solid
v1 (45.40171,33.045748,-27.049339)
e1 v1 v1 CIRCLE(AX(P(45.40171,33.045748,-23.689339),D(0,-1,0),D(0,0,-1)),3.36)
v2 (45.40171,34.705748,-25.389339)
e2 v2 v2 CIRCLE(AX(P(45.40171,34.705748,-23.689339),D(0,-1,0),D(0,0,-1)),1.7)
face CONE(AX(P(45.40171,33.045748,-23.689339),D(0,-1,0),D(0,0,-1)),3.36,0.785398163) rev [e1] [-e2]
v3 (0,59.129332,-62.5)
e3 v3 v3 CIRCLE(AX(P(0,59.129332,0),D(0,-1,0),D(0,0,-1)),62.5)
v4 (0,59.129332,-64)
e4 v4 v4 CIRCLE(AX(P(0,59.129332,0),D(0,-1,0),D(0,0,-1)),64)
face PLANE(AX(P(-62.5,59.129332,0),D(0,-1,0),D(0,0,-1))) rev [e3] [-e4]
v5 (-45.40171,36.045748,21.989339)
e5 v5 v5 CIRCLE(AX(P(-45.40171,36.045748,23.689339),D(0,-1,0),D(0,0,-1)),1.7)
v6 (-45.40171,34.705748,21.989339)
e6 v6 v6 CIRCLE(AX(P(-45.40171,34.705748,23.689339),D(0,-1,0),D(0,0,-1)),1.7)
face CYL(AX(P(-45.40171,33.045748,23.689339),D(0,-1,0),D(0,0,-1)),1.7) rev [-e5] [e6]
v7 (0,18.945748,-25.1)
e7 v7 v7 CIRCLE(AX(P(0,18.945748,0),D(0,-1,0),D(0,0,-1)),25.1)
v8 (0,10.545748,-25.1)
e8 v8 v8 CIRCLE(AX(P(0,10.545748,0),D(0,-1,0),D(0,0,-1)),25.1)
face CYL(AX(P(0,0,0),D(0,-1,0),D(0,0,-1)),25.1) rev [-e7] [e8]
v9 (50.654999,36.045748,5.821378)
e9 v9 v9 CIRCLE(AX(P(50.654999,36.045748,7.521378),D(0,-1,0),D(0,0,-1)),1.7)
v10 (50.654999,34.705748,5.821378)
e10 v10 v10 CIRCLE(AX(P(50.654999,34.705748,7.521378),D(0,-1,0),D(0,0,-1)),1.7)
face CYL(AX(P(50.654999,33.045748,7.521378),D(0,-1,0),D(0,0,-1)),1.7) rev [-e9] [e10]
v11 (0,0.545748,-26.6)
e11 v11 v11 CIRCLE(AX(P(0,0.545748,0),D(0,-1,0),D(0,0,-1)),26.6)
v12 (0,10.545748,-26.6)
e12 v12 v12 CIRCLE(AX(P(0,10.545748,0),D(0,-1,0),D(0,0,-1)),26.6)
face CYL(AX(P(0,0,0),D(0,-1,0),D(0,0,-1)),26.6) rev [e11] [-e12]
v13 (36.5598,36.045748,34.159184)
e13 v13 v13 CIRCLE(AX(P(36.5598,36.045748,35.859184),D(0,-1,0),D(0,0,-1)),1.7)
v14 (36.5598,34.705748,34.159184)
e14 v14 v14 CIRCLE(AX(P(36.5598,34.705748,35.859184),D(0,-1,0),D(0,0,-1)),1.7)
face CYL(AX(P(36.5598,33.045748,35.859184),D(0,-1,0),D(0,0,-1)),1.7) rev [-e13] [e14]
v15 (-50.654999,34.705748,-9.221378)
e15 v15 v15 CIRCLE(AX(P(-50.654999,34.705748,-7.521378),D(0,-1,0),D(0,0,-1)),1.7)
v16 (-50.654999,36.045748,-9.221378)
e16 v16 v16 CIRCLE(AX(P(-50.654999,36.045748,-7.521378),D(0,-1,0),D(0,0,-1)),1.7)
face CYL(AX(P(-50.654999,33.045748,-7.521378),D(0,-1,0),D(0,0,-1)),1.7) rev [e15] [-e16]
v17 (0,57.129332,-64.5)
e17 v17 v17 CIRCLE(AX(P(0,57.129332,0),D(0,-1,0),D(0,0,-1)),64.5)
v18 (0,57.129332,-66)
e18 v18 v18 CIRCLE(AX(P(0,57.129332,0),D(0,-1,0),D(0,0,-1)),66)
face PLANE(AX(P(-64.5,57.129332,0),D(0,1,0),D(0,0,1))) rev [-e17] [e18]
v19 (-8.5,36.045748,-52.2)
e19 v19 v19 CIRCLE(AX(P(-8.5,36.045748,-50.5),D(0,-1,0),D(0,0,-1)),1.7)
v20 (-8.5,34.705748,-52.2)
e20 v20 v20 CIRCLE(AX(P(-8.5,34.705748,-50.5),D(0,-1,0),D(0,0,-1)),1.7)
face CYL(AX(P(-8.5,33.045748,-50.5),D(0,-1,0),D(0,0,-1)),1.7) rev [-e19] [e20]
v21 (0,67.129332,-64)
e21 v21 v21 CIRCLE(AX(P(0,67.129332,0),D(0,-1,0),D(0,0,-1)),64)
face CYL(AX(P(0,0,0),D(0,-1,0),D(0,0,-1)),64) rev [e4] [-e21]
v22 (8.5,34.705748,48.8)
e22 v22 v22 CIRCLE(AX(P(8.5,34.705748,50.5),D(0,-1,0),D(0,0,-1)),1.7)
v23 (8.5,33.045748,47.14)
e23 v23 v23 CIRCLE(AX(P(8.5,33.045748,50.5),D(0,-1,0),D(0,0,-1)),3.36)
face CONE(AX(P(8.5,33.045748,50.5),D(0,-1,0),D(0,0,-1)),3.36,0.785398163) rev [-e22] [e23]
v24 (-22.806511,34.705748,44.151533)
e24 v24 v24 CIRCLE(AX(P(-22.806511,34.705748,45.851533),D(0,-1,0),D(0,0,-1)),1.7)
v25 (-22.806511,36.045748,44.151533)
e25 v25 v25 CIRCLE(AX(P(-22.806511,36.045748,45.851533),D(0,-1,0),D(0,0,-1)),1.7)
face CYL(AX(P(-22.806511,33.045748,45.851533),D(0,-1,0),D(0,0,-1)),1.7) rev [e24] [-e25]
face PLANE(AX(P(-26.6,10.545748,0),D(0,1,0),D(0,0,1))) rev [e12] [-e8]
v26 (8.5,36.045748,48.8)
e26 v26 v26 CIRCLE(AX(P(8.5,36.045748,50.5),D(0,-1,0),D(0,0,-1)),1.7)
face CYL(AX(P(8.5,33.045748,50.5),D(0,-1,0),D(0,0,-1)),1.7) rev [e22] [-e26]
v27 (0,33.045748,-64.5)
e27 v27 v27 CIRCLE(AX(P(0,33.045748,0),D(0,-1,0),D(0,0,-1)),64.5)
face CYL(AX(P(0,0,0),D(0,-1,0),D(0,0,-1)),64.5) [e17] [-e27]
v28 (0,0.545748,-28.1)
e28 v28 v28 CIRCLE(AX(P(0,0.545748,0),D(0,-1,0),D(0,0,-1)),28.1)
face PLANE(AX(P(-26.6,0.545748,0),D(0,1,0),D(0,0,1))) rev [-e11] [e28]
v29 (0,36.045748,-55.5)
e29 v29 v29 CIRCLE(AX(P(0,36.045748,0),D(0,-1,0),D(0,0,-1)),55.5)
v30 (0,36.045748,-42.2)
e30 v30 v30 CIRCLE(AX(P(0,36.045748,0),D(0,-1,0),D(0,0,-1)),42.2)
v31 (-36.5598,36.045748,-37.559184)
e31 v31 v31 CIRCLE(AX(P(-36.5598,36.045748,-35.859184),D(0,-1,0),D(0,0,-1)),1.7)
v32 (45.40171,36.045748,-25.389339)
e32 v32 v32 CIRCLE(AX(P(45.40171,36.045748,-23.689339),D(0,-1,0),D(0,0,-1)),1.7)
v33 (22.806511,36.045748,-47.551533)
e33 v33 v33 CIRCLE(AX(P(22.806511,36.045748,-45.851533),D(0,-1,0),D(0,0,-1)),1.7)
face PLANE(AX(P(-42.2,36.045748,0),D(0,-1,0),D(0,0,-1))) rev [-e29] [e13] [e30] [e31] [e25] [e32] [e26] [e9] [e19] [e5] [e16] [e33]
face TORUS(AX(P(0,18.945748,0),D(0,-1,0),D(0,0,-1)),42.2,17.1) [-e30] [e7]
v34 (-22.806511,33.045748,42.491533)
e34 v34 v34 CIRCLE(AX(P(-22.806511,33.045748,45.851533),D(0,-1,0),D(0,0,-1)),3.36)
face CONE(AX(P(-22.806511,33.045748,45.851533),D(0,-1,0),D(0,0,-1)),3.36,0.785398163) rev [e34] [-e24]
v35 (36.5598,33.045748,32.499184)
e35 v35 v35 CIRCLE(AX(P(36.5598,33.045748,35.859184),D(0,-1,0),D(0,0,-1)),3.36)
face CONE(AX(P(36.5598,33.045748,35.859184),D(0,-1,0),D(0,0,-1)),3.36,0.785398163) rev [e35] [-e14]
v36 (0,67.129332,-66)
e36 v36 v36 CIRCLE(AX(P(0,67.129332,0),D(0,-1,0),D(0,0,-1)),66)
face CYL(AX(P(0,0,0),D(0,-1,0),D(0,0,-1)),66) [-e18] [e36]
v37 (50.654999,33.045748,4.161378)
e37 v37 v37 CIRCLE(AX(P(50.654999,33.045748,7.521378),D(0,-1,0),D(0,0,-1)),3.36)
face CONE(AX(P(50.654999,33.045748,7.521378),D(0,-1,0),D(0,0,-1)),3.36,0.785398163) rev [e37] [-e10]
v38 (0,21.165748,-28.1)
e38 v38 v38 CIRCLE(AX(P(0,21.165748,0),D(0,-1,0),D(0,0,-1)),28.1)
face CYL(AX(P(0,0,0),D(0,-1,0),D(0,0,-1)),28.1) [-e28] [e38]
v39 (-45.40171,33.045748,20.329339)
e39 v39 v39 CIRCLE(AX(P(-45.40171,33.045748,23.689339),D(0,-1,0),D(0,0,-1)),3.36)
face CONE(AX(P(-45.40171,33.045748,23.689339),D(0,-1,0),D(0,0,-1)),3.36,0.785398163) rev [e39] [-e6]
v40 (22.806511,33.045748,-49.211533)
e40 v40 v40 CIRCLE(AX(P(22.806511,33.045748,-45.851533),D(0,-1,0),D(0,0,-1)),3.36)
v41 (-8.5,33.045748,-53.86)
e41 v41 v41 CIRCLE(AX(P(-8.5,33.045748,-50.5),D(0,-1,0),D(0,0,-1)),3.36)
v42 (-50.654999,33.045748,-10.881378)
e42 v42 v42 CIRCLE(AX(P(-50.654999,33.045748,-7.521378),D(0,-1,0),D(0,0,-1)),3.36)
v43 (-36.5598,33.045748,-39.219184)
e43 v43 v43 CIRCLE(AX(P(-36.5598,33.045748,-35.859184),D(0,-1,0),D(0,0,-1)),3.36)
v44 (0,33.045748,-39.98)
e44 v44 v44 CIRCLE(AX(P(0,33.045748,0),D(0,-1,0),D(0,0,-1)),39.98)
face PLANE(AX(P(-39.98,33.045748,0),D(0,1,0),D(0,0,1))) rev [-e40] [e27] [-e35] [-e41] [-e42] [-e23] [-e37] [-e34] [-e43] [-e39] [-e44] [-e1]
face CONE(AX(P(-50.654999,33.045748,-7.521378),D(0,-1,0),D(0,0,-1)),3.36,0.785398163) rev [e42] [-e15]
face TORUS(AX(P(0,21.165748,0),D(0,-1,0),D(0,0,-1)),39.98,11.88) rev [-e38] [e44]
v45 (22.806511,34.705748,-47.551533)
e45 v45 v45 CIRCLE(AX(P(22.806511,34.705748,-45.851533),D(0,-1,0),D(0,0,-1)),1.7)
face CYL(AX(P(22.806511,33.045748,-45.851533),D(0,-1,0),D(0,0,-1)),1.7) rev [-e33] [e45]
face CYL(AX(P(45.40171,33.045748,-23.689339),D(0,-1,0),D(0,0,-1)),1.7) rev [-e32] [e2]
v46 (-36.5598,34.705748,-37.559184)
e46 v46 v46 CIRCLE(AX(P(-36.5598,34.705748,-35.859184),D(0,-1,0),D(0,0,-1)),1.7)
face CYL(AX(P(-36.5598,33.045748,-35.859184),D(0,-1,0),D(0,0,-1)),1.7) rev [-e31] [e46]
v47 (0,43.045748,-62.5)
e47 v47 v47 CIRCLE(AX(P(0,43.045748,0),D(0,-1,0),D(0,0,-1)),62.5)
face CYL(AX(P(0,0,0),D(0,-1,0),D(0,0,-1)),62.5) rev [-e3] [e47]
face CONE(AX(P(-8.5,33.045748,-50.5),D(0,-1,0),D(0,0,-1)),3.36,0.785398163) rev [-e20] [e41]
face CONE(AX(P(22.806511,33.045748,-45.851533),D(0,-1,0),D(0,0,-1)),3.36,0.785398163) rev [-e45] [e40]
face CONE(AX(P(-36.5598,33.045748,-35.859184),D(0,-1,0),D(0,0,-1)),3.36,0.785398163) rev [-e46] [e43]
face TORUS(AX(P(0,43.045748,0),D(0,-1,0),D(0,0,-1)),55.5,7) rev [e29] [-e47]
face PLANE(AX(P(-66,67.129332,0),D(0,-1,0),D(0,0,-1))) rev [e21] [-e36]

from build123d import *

# Parameters (mm, degrees)
M3_ALT_GEN_ALYAN_HAV_A_BA_L_K_R_VIDA_I_D           = 3.4
M3_ALT_GEN_ALYAN_HAV_A_BA_L_K_R_VIDA_I_CSINK_D     = 6.72
M3_ALT_GEN_ALYAN_HAV_A_BA_L_K_R_VIDA_I_CSINK_ANGLE = 90
DAIRESEL_KAPLAMA2_COUNT                            = 10


with BuildPart() as part:
    # Çizim1 → Döndür3 (revolve)
    with BuildSketch(Plane.XY, mode=Mode.PRIVATE) as d_nd_r3_sk:
        with BuildLine():
            Line((-26.6, 0.54574792), (-26.6, 10.54574792))
            Line((-26.6, 10.54574792), (-25.1, 10.54574792))
            Line((-25.1, 10.54574792), (-25.1, 18.94574792))
            ThreePointArc((-25.1, 18.94574792), (-30.108474042, 31.037273878), (-42.2, 36.04574792))
            Line((-42.2, 36.04574792), (-55.5, 36.04574792))
            ThreePointArc((-55.5, 36.04574792), (-60.449747468, 38.096000452), (-62.5, 43.04574792))
            Line((-62.5, 43.04574792), (-62.5, 59.129332396))
            Line((-62.5, 59.129332396), (-64, 59.129332396))
            Line((-64, 59.129332396), (-64, 67.129332396))
            Line((-64, 67.129332396), (-66, 67.129332396))
            Line((-66, 67.129332396), (-66, 57.129332396))
            Line((-66, 57.129332396), (-64.5, 57.129332396))
            Line((-64.5, 57.129332396), (-64.5, 33.04574792))
            Line((-64.5, 33.04574792), (-39.98, 33.04574792))
            ThreePointArc((-39.98, 33.04574792), (-31.57957144, 29.56617648), (-28.1, 21.16574792))
            Line((-28.1, 21.16574792), (-28.1, 0.54574792))
            Line((-28.1, 0.54574792), (-26.6, 0.54574792))
        make_face()
    revolve(d_nd_r3_sk.sketch.rotate(Axis((0, 0, 0), (0, 1, 0)), 270), axis=Axis((0, 0, 0), (0, 1, 0)))

    # M3 Altıgen Alyan Havşa Başlı Kör Vida İçin Havşa4 (through all)
    with Locations(Plane(origin=(8.5, 33.04574792, 50.5), x_dir=(0, 0, -1), z_dir=(0, -1, 0))):
        with Locations((0, 0)):
            m3_alt_gen_alyan_hav_a_ba_l_k_r_vida_i = CounterSinkHole(M3_ALT_GEN_ALYAN_HAV_A_BA_L_K_R_VIDA_I_D / 2, M3_ALT_GEN_ALYAN_HAV_A_BA_L_K_R_VIDA_I_CSINK_D / 2, counter_sink_angle=M3_ALT_GEN_ALYAN_HAV_A_BA_L_K_R_VIDA_I_CSINK_ANGLE)

    # Dairesel Kaplama2: M3 Altıgen Alyan Havşa Başlı Kör Vida İçin Havşa4 ×10 about axis
    dairesel_kaplama2_axis = Axis((0, 0, 0), (0, 1, 0))
    for i in range(1, DAIRESEL_KAPLAMA2_COUNT):
        add(m3_alt_gen_alyan_hav_a_ba_l_k_r_vida_i.rotate(dairesel_kaplama2_axis, i * 360 / DAIRESEL_KAPLAMA2_COUNT), mode=Mode.SUBTRACT)


solid = part.part
